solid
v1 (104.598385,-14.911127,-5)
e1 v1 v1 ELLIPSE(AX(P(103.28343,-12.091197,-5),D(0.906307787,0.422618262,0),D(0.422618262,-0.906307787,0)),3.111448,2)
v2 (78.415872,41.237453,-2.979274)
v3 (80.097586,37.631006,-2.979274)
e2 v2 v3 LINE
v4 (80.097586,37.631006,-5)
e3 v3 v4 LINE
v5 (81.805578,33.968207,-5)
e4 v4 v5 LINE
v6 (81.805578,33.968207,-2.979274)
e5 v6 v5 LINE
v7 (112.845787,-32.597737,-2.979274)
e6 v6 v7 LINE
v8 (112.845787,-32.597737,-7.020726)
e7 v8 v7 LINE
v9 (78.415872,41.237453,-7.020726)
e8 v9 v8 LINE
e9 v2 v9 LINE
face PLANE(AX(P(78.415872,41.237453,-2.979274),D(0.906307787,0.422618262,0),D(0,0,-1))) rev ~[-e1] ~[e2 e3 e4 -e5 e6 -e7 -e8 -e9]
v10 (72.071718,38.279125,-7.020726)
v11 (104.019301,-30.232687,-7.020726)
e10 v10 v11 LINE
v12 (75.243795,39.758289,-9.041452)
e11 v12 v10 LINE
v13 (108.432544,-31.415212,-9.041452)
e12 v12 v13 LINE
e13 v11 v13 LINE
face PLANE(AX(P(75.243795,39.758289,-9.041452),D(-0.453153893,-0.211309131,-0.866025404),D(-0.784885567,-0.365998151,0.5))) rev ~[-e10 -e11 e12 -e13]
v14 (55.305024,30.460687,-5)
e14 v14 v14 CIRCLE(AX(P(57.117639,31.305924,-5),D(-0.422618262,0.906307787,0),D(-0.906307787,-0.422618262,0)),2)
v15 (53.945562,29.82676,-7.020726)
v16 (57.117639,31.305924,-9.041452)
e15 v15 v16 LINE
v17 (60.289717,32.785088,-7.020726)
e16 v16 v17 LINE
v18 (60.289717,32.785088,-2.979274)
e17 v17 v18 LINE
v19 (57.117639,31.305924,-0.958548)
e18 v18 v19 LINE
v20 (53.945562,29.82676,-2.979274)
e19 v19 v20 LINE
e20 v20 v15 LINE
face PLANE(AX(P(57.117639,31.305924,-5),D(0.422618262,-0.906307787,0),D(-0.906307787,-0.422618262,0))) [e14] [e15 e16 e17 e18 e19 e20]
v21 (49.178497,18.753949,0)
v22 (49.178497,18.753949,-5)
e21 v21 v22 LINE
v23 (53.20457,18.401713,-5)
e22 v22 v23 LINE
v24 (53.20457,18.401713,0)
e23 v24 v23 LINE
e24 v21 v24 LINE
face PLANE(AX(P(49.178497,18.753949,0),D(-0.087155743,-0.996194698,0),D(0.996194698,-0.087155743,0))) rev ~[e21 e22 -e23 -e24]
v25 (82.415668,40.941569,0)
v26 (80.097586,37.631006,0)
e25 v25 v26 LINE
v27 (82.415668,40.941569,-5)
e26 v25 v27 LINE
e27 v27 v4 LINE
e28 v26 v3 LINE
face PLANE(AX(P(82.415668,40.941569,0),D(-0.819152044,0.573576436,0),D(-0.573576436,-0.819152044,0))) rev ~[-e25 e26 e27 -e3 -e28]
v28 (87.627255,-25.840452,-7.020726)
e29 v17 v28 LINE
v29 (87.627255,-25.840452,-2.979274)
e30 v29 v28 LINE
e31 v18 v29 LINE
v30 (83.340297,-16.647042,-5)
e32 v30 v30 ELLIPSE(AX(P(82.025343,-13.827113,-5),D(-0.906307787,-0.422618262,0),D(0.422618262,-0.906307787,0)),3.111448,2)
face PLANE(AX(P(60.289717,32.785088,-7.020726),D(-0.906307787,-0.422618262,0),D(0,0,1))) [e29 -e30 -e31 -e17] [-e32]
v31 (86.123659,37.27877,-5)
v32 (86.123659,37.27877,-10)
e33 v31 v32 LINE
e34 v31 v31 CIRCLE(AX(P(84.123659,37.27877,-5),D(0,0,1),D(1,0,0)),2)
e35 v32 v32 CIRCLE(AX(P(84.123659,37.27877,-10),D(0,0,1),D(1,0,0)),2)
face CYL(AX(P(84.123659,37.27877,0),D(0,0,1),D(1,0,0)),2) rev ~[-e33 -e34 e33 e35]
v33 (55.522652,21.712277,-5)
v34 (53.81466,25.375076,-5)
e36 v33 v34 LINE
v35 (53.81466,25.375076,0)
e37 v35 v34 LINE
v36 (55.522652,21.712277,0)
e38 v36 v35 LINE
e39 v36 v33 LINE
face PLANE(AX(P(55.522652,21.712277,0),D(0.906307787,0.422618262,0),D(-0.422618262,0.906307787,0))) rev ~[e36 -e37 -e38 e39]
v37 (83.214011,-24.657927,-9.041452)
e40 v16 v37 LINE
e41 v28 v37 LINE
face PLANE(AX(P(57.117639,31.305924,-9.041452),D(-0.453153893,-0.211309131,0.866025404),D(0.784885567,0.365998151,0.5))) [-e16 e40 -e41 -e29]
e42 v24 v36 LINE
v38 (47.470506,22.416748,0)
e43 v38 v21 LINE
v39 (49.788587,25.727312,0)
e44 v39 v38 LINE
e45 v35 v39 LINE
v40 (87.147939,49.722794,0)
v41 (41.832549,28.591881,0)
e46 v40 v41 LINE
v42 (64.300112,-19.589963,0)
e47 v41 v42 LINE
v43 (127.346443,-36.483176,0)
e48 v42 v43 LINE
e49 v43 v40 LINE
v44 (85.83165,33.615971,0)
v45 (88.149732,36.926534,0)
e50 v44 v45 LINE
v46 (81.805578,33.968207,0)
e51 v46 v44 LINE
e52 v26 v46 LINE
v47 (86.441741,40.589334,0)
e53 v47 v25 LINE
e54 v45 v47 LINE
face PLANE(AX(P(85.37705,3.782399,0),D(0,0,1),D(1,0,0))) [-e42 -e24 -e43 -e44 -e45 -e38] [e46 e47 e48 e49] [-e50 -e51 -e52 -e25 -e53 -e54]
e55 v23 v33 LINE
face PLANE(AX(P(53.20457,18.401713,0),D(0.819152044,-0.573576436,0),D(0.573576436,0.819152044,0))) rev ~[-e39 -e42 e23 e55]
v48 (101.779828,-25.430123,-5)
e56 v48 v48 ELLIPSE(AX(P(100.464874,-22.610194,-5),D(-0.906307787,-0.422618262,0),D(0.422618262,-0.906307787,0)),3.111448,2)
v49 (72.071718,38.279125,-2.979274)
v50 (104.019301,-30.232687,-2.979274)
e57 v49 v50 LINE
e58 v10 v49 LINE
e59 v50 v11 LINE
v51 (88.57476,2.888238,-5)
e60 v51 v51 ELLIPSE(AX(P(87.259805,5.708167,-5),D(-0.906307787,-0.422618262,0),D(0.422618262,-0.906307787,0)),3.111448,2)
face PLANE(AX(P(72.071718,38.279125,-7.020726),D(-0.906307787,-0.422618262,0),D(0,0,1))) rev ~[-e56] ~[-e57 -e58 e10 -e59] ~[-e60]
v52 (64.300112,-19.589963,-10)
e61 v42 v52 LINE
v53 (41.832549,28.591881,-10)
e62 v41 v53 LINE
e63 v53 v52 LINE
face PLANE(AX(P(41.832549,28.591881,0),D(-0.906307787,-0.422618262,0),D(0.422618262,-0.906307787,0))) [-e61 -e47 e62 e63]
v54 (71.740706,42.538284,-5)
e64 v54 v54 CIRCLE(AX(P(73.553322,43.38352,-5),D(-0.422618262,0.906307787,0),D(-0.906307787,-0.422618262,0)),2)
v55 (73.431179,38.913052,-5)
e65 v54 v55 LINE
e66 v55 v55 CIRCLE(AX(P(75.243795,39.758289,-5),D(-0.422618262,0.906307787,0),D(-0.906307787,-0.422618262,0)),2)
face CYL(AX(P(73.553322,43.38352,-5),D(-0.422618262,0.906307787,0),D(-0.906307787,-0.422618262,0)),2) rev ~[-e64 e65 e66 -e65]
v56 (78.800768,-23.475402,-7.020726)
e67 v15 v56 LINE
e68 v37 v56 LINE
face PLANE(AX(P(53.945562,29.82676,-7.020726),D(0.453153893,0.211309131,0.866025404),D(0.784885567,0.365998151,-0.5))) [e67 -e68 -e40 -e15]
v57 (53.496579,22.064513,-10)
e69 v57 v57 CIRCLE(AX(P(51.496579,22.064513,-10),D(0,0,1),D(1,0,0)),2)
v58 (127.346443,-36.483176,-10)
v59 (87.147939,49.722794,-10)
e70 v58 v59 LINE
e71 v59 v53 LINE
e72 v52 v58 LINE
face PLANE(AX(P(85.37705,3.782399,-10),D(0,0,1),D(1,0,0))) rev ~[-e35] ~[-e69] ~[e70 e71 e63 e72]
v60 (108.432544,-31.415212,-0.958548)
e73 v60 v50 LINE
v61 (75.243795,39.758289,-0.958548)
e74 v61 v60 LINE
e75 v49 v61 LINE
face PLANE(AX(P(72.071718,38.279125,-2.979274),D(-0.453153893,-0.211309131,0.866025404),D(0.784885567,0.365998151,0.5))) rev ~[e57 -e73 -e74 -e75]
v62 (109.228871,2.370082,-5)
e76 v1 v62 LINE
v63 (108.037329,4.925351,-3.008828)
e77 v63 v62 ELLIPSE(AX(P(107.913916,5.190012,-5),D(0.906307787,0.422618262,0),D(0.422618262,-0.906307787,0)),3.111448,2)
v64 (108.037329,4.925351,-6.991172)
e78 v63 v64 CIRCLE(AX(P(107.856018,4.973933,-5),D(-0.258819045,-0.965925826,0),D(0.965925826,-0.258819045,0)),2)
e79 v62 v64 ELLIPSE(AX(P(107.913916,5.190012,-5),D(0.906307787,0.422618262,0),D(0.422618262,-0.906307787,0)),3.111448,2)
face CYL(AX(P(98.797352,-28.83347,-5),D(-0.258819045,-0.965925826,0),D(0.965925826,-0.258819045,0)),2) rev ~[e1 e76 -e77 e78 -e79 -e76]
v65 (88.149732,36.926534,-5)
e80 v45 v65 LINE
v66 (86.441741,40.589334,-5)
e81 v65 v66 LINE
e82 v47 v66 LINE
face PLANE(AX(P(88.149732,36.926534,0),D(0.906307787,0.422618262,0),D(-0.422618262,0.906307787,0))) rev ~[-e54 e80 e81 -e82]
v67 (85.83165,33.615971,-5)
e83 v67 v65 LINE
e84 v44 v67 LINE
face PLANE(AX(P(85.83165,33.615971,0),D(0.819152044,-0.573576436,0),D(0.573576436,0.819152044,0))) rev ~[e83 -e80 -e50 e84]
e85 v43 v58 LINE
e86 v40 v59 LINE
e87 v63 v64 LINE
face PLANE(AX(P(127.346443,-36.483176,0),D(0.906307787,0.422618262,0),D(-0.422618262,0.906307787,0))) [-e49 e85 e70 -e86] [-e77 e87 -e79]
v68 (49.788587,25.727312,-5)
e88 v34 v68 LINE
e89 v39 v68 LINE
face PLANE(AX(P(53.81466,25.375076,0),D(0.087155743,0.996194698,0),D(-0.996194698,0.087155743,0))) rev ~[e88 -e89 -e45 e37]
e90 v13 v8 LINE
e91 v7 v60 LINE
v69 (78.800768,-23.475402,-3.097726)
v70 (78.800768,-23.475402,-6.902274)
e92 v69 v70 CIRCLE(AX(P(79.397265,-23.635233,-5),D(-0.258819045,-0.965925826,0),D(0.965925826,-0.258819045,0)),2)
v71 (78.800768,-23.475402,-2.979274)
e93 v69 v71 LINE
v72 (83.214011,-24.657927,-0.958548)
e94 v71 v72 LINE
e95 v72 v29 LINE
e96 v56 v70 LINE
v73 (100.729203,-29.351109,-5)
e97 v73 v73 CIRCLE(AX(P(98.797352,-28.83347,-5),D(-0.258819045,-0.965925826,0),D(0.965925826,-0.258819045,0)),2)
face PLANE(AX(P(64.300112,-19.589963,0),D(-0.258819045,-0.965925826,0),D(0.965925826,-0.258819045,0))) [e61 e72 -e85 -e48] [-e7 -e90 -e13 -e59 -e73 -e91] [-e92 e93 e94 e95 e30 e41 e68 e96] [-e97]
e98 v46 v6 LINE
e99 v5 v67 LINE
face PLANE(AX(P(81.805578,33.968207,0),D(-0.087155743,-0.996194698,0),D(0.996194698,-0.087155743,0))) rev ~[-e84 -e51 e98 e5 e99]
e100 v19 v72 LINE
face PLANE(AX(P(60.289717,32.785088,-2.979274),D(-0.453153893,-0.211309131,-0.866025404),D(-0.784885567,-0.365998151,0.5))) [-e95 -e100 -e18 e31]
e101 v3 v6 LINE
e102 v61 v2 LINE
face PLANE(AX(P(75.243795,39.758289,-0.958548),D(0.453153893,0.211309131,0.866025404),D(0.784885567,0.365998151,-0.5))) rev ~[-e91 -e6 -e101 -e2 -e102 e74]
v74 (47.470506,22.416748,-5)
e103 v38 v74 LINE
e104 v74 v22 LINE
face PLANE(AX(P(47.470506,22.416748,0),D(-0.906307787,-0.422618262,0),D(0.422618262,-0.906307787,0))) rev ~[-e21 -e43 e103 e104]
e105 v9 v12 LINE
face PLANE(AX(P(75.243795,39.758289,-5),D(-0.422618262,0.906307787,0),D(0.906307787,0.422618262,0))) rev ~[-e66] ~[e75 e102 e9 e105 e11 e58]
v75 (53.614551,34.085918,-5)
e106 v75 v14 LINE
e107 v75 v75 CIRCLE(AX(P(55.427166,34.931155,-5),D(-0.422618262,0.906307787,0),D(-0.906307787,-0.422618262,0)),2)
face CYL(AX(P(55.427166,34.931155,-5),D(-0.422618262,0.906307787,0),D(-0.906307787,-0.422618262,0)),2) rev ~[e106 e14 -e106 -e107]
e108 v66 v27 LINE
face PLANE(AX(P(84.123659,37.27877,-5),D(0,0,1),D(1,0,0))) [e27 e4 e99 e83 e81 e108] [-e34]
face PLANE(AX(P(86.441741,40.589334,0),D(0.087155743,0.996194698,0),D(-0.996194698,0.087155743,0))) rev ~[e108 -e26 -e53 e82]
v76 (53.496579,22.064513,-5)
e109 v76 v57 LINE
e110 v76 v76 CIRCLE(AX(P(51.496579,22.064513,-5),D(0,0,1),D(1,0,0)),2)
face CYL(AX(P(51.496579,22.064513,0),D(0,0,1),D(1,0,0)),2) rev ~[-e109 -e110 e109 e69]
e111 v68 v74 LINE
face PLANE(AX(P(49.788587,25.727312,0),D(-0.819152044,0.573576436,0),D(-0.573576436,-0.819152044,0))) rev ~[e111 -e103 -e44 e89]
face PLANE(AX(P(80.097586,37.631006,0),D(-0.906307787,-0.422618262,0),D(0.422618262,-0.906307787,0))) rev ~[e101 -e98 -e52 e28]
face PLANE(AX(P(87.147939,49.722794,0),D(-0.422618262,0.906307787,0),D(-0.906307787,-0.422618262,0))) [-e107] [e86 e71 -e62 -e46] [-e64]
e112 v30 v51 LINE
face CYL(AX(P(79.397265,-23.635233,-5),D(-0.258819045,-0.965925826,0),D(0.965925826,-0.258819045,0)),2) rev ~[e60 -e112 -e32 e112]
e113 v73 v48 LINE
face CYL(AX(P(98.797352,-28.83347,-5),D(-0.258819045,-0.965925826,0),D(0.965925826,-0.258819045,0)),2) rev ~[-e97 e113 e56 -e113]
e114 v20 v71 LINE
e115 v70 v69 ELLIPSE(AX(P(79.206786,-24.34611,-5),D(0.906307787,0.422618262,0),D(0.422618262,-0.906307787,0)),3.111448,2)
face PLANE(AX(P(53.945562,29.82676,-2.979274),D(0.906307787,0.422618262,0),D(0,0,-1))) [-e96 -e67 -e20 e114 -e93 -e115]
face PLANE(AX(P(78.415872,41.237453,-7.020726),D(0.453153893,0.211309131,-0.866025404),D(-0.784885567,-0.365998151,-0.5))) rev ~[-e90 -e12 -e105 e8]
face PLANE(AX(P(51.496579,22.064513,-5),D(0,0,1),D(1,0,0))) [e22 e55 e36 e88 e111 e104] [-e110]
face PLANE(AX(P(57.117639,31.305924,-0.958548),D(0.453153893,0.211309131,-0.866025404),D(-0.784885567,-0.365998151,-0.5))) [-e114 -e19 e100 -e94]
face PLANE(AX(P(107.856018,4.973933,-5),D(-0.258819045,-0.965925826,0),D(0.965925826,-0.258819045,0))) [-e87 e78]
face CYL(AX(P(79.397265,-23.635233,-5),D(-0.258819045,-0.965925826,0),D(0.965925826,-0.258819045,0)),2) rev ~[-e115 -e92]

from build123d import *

# Parameters (mm, degrees)
BOSS_EXTRUDE1_DEPTH = 10
SKETCH2_R           = 2
CUT_EXTRUDE1_DEPTH  = 139.371645796
CUT_EXTRUDE2_START  = -4
SKETCH2_3_R         = 2
CUT_EXTRUDE2_DEPTH  = 135.371645796
SKETCH3_R           = 2
CUT_EXTRUDE3_DEPTH  = 35
SKETCH4_R           = 2
CUT_EXTRUDE4_DEPTH  = 10
SKETCH4_3_R         = 2
CUT_EXTRUDE5_DEPTH  = 5


with BuildPart() as part:
    # Sketch1 → Boss-Extrude1 (new body)
    with BuildSketch(Plane.XY):
        Polygon((127.346442995, -36.483176399), (87.147938799, 49.722794044), (41.832549447, 28.591880957), (64.300112266, -19.589962995), align=None)
    extrude(amount=-BOSS_EXTRUDE1_DEPTH)

    # Sketch2 → Cut-Extrude1 (cut, through all)
    with BuildSketch(Plane(origin=(-3.479773272, 7.462397864, 0), x_dir=(0.9063077870366519, 0.4226182617406953, 0), z_dir=(-0.42261826174069533, 0.906307787036652, 0))):
        with Locations(Location((64.996616346, 5, 0), (0, 0, 180))):
            Circle(SKETCH2_R)
        with Locations(Location((84.996616346, 5, 0), (0, 0, 180))):
            Circle(SKETCH2_R)
    extrude(amount=-CUT_EXTRUDE1_DEPTH, mode=Mode.SUBTRACT)

    # Sketch2<3> → Cut-Extrude2 (cut, through all)
    # profile 1 of 2: a face of its own
    with BuildSketch(Plane(origin=(-3.479773272, 7.462397864, 0), x_dir=(0.9063077870366519, 0.4226182617406953, 0), z_dir=(-0.42261826174069533, 0.906307787036652, 0)).offset(CUT_EXTRUDE2_START)):
        Polygon((84.996616346, 0.958548116), (88.496616346, 2.979274058), (88.496616346, 7.020725942), (84.996616346, 9.041451884), (81.496616346, 7.020725942), (81.496616346, 2.979274058), align=None)
        with Locations(Location((84.996616346, 5, 0), (0, 0, 180))):
            Circle(SKETCH2_3_R, mode=Mode.SUBTRACT)
    # profile 2 of 2: a face of its own
    with BuildSketch(Plane(origin=(-3.479773272, 7.462397864, 0), x_dir=(0.9063077870366519, 0.4226182617406953, 0), z_dir=(-0.42261826174069533, 0.906307787036652, 0)).offset(CUT_EXTRUDE2_START)):
        Polygon((68.496616346, 2.979274058), (64.996616346, 0.958548116), (61.496616346, 2.979274058), (61.496616346, 7.020725942), (64.996616346, 9.041451884), (68.496616346, 7.020725942), align=None)
        with Locations(Location((64.996616346, 5, 0), (0, 0, 180))):
            Circle(SKETCH2_3_R, mode=Mode.SUBTRACT)
    extrude(amount=-CUT_EXTRUDE2_DEPTH, mode=Mode.SUBTRACT)

    # Sketch3 → Cut-Extrude3 (cut)
    with BuildSketch(Plane(origin=(-0.59019996, -2.202656237, 0), x_dir=(0.9659258262890685, -0.2588190451025201, 0), z_dir=(-0.2588190451025201, -0.9659258262890685, 0))):
        with Locations((82.809116935, -5)):
            Circle(SKETCH3_R)
        with Locations((102.893564909, -5)):
            Circle(SKETCH3_R)
    extrude(amount=-CUT_EXTRUDE3_DEPTH, mode=Mode.SUBTRACT)

    # Sketch4 → Cut-Extrude4 (cut)
    with BuildSketch(Plane.XY):
        with Locations((84.12365912, 37.27877008)):
            Circle(SKETCH4_R)
        with Locations((51.496578787, 22.064512657)):
            Circle(SKETCH4_R)
    extrude(amount=-CUT_EXTRUDE4_DEPTH, mode=Mode.SUBTRACT)

    # Sketch4<3> → Cut-Extrude5 (cut)
    # profile 1 of 2: a face of its own
    with BuildSketch(Plane.XY):
        Polygon((88.14973206, 36.926534339), (86.44174069, 40.589333653), (82.41566775, 40.941569394), (80.09758618, 37.631005821), (81.805577551, 33.968206507), (85.83165049, 33.615970766), align=None)
        with Locations((84.12365912, 37.27877008)):
            Circle(SKETCH4_3_R, mode=Mode.SUBTRACT)
    # profile 2 of 2: a face of its own
    with BuildSketch(Plane.XY):
        Polygon((55.522651726, 21.712276917), (53.814660356, 25.37507623), (49.788587416, 25.727311971), (47.470505847, 22.416748398), (49.178497217, 18.753949084), (53.204570157, 18.401713344), align=None)
        with Locations((51.496578787, 22.064512657)):
            Circle(SKETCH4_3_R, mode=Mode.SUBTRACT)
    extrude(amount=-CUT_EXTRUDE5_DEPTH, mode=Mode.SUBTRACT)


solid = part.part
